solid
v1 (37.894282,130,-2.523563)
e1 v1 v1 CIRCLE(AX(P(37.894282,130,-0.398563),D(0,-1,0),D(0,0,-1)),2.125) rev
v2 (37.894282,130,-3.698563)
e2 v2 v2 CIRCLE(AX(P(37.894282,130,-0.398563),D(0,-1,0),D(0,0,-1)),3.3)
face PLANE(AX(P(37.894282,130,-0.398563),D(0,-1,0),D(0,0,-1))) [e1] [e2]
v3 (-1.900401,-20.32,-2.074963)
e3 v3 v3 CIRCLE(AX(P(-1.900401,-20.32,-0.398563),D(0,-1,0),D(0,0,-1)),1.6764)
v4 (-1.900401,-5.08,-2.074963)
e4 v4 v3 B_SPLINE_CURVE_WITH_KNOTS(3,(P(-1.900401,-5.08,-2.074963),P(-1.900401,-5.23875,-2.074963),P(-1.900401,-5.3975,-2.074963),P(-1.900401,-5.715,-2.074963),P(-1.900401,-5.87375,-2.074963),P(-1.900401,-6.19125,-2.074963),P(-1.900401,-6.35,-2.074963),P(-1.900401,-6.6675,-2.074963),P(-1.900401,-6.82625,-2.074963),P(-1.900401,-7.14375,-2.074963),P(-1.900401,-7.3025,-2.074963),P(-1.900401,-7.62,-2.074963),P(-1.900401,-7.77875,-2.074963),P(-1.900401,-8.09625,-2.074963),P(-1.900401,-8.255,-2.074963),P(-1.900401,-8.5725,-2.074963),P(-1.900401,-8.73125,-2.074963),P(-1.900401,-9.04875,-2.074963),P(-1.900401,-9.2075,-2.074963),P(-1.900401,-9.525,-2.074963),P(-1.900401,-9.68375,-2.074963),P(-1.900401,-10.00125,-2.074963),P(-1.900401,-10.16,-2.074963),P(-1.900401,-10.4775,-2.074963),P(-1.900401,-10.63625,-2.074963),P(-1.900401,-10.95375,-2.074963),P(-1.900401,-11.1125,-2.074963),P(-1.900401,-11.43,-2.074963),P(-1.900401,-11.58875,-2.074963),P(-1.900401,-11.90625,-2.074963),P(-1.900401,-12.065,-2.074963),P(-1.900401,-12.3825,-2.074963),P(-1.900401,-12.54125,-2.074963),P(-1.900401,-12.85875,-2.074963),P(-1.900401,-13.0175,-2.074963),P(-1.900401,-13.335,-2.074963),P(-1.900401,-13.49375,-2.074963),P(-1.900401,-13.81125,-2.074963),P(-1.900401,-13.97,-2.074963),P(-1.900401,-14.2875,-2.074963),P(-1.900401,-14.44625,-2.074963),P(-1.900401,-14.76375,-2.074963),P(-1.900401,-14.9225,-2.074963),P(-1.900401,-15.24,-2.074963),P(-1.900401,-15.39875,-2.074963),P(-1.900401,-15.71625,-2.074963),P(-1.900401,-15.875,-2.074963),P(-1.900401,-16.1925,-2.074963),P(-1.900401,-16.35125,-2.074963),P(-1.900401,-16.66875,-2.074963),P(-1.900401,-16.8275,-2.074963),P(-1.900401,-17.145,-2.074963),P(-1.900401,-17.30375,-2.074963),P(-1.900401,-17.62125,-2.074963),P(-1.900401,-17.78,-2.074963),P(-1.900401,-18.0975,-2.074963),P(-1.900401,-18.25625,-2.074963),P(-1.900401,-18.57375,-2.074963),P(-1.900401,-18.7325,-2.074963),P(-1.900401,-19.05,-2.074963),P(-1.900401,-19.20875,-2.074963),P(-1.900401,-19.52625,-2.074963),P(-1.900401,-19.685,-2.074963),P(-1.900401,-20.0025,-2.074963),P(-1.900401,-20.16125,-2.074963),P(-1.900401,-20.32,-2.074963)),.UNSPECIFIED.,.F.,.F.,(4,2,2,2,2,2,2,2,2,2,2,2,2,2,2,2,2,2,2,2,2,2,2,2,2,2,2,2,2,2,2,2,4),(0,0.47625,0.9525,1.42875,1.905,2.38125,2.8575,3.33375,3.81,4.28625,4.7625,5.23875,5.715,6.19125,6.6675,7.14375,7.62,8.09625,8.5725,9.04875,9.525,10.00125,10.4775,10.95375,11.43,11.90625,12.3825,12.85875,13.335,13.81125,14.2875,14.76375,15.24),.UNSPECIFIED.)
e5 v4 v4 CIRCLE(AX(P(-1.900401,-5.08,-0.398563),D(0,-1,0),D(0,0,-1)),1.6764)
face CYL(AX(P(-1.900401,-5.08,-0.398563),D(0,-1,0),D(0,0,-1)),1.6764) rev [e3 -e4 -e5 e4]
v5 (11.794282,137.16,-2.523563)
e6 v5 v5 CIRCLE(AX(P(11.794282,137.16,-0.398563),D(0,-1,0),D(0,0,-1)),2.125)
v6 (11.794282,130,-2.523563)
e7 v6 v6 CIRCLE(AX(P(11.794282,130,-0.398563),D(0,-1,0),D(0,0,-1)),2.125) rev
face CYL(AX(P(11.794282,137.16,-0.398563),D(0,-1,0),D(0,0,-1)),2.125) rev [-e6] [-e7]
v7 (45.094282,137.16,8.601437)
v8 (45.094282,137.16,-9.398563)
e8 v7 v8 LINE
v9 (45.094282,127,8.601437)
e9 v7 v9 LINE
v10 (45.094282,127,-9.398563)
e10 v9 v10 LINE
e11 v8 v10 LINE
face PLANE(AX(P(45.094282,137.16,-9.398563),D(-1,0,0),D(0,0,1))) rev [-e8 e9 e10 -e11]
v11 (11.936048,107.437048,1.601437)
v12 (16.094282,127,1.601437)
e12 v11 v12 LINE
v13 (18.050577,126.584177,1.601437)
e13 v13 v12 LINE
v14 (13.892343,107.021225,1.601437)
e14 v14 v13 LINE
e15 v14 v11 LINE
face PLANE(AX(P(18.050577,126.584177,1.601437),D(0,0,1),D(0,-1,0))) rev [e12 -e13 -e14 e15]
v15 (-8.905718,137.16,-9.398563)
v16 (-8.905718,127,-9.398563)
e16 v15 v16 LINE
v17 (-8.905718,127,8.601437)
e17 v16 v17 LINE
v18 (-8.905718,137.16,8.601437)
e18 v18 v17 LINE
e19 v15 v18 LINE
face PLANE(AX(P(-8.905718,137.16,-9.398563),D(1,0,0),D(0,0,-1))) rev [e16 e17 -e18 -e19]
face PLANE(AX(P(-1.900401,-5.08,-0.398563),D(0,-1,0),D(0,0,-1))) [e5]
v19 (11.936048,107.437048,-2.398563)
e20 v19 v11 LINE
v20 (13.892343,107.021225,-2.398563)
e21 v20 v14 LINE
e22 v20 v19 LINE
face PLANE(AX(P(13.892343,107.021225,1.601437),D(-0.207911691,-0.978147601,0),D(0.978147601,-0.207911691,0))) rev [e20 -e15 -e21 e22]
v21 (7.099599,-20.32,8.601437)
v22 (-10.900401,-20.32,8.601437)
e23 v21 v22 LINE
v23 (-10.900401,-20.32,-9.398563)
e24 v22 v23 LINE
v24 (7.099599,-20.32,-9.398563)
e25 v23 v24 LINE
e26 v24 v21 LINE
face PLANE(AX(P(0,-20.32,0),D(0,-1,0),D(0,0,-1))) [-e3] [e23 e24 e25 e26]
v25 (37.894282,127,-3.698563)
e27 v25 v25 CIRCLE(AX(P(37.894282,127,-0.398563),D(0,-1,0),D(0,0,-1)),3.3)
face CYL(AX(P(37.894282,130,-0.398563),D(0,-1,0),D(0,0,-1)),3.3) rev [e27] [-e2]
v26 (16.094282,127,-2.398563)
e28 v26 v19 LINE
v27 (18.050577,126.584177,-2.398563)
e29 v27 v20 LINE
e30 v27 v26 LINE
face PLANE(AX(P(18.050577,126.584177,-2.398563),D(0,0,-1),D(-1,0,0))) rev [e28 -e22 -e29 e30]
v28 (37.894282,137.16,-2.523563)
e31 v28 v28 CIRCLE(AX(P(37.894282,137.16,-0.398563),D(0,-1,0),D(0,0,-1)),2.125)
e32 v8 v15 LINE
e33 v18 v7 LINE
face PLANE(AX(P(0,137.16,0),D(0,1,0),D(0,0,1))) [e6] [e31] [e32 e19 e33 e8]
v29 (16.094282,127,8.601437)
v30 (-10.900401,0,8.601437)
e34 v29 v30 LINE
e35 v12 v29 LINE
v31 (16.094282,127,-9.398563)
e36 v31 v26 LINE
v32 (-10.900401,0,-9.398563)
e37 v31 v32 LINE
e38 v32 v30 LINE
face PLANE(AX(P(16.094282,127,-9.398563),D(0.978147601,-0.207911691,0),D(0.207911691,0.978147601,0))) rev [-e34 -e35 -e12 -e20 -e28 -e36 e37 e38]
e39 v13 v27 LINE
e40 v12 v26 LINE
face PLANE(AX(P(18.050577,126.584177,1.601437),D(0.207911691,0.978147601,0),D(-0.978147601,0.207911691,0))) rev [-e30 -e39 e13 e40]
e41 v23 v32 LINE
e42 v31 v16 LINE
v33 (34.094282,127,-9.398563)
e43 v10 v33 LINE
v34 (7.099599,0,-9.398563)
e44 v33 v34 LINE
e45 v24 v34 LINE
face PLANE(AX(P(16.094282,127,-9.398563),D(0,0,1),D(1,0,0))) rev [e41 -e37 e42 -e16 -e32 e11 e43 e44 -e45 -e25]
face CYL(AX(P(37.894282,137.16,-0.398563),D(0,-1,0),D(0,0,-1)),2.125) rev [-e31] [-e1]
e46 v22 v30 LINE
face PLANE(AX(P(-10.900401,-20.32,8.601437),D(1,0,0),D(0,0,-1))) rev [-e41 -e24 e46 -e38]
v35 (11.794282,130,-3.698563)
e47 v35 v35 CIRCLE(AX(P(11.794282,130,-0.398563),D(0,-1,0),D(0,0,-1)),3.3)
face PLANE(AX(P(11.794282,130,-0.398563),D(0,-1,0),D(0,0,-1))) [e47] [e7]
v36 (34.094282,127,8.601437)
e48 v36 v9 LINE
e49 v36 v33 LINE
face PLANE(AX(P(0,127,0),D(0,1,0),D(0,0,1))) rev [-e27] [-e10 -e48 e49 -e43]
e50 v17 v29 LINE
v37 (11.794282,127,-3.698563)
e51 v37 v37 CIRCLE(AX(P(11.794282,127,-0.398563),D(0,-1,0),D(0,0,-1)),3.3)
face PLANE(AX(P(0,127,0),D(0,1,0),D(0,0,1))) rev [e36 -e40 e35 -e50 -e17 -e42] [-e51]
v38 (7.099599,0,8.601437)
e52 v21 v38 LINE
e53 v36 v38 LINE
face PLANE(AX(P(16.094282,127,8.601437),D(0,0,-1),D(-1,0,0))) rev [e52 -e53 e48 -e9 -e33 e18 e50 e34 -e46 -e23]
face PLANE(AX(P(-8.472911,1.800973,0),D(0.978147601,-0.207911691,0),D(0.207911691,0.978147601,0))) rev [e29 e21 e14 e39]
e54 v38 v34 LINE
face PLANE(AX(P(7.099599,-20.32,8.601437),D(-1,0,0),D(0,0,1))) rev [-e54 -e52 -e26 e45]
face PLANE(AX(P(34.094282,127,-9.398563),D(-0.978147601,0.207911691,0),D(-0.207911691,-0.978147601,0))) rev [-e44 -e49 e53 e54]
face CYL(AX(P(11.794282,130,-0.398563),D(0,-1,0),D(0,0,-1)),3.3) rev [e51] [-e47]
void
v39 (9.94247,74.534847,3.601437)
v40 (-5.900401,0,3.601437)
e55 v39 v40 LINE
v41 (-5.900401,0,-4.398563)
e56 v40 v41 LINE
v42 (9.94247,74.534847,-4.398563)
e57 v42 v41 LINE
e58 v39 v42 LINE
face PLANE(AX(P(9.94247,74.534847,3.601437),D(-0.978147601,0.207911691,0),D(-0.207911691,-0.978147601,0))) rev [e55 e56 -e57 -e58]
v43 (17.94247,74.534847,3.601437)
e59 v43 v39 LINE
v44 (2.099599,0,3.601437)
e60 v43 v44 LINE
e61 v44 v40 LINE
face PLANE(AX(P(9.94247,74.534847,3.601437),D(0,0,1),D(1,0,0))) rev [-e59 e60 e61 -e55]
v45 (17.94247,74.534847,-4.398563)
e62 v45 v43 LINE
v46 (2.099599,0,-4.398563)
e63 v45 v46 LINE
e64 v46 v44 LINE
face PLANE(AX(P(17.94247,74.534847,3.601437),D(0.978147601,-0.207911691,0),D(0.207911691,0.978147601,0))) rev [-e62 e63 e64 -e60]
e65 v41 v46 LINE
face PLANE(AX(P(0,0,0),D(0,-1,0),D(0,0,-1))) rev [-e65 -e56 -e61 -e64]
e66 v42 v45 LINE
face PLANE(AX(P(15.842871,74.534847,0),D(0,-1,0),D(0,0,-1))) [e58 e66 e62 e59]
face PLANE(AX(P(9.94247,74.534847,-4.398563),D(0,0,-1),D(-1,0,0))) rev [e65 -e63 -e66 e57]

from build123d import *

# Parameters (mm, degrees)
SKETCH1_W           = 18
SKETCH1_H           = 18
SKETCH3_W           = 54
SKETCH3_H           = 18
BOSS_EXTRUDE1_DEPTH = 10.16
SKETCH4_W           = 8
SKETCH4_H           = 8
SKETCH6_R           = 2.125
CUT_EXTRUDE1_DEPTH  = 136.095622661
SKETCH7_R           = 3.3
CUT_EXTRUDE2_DEPTH  = 3
SKETCH8_W           = 4
SKETCH8_H           = 20
CUT_EXTRUDE3_DEPTH  = 2
SKETCH9_W           = 18
SKETCH9_H           = 18
BOSS_EXTRUDE2_DEPTH = 20.32
SKETCH10_R          = 1.6764
CUT_EXTRUDE4_DEPTH  = 15.24


with BuildPart() as part:
    # Sweep1: sweep along a path in Sketch2
    with BuildLine(Plane.XY) as sweep1_path:
        Line((-10.900401277, 0), (16.094282055, 127))
    # Sketch1 → Sweep1 (sweep)
    with BuildSketch(Plane(origin=(0, 0, 0), x_dir=(1, 0, 0), z_dir=(0, 1, 0))):
        with Locations((-1.900401277, 0.398563086)):
            Rectangle(SKETCH1_W, SKETCH1_H)
    sweep(path=sweep1_path.line)

    # Sketch3 → Boss-Extrude1 (add)
    with BuildSketch(Plane(origin=(0, 127, 0), x_dir=(1, 0, 0), z_dir=(0, 1, 0))):
        with Locations((18.094282055, 0.398563086)):
            Rectangle(SKETCH3_W, SKETCH3_H)
    extrude(amount=BOSS_EXTRUDE1_DEPTH)

    # Cut-Sweep1: sweep along a path in Sketch5
    with BuildLine(Plane.XY.offset(8.601436914)) as cut_sweep1_path:
        Line((-5.900401277, 0), (9.942469563, 74.534847176))
    # Sketch4 → Cut-Sweep1 (sweep, cut)
    with BuildSketch(Plane.XZ):
        with Locations((-1.900401277, -0.398563086)):
            Rectangle(SKETCH4_W, SKETCH4_H)
    sweep(path=cut_sweep1_path.line, mode=Mode.SUBTRACT)

    # Sketch6 → Cut-Extrude1 (cut, through all)
    with BuildSketch(Plane.XZ.offset(-127)):
        with Locations(Location((37.894282055, -0.398563086, 0), (0, 0, 270))):
            Circle(SKETCH6_R)
        with Locations(Location((11.794282055, -0.398563086, 0), (0, 0, 270))):
            Circle(SKETCH6_R)
    extrude(amount=-CUT_EXTRUDE1_DEPTH, mode=Mode.SUBTRACT)

    # Sketch7 → Cut-Extrude2 (cut)
    with BuildSketch(Plane.XZ.offset(-127)):
        with Locations(Location((11.794282055, -0.398563086, 0), (0, 0, 270))):
            Circle(SKETCH7_R)
        with Locations(Location((37.894282055, -0.398563086, 0), (0, 0, 270))):
            Circle(SKETCH7_R)
    extrude(amount=-CUT_EXTRUDE2_DEPTH, mode=Mode.SUBTRACT)

    # Sketch8 → Cut-Extrude3 (cut)
    with BuildSketch(Plane(origin=(-10.429206675, 2.216796312, 0), x_dir=(0, 0, 1), z_dir=(-0.9781476007338064, 0.20791169081775596, 0))):
        with Locations((-0.398563086, 117.570934688)):
            Rectangle(SKETCH8_W, SKETCH8_H)
    extrude(amount=-CUT_EXTRUDE3_DEPTH, mode=Mode.SUBTRACT)

    # Sketch9 → Boss-Extrude2 (add)
    with BuildSketch(Plane.XZ):
        with Locations((-1.900401277, -0.398563086)):
            Rectangle(SKETCH9_W, SKETCH9_H)
    extrude(amount=BOSS_EXTRUDE2_DEPTH)

    # Sketch10 → Cut-Extrude4 (cut)
    with BuildSketch(Plane.XZ.offset(20.32)):
        with Locations(Location((-1.900401277, -0.398563086, 0), (0, 0, 270))):
            Circle(SKETCH10_R)
    extrude(amount=-CUT_EXTRUDE4_DEPTH, mode=Mode.SUBTRACT)


solid = part.part
